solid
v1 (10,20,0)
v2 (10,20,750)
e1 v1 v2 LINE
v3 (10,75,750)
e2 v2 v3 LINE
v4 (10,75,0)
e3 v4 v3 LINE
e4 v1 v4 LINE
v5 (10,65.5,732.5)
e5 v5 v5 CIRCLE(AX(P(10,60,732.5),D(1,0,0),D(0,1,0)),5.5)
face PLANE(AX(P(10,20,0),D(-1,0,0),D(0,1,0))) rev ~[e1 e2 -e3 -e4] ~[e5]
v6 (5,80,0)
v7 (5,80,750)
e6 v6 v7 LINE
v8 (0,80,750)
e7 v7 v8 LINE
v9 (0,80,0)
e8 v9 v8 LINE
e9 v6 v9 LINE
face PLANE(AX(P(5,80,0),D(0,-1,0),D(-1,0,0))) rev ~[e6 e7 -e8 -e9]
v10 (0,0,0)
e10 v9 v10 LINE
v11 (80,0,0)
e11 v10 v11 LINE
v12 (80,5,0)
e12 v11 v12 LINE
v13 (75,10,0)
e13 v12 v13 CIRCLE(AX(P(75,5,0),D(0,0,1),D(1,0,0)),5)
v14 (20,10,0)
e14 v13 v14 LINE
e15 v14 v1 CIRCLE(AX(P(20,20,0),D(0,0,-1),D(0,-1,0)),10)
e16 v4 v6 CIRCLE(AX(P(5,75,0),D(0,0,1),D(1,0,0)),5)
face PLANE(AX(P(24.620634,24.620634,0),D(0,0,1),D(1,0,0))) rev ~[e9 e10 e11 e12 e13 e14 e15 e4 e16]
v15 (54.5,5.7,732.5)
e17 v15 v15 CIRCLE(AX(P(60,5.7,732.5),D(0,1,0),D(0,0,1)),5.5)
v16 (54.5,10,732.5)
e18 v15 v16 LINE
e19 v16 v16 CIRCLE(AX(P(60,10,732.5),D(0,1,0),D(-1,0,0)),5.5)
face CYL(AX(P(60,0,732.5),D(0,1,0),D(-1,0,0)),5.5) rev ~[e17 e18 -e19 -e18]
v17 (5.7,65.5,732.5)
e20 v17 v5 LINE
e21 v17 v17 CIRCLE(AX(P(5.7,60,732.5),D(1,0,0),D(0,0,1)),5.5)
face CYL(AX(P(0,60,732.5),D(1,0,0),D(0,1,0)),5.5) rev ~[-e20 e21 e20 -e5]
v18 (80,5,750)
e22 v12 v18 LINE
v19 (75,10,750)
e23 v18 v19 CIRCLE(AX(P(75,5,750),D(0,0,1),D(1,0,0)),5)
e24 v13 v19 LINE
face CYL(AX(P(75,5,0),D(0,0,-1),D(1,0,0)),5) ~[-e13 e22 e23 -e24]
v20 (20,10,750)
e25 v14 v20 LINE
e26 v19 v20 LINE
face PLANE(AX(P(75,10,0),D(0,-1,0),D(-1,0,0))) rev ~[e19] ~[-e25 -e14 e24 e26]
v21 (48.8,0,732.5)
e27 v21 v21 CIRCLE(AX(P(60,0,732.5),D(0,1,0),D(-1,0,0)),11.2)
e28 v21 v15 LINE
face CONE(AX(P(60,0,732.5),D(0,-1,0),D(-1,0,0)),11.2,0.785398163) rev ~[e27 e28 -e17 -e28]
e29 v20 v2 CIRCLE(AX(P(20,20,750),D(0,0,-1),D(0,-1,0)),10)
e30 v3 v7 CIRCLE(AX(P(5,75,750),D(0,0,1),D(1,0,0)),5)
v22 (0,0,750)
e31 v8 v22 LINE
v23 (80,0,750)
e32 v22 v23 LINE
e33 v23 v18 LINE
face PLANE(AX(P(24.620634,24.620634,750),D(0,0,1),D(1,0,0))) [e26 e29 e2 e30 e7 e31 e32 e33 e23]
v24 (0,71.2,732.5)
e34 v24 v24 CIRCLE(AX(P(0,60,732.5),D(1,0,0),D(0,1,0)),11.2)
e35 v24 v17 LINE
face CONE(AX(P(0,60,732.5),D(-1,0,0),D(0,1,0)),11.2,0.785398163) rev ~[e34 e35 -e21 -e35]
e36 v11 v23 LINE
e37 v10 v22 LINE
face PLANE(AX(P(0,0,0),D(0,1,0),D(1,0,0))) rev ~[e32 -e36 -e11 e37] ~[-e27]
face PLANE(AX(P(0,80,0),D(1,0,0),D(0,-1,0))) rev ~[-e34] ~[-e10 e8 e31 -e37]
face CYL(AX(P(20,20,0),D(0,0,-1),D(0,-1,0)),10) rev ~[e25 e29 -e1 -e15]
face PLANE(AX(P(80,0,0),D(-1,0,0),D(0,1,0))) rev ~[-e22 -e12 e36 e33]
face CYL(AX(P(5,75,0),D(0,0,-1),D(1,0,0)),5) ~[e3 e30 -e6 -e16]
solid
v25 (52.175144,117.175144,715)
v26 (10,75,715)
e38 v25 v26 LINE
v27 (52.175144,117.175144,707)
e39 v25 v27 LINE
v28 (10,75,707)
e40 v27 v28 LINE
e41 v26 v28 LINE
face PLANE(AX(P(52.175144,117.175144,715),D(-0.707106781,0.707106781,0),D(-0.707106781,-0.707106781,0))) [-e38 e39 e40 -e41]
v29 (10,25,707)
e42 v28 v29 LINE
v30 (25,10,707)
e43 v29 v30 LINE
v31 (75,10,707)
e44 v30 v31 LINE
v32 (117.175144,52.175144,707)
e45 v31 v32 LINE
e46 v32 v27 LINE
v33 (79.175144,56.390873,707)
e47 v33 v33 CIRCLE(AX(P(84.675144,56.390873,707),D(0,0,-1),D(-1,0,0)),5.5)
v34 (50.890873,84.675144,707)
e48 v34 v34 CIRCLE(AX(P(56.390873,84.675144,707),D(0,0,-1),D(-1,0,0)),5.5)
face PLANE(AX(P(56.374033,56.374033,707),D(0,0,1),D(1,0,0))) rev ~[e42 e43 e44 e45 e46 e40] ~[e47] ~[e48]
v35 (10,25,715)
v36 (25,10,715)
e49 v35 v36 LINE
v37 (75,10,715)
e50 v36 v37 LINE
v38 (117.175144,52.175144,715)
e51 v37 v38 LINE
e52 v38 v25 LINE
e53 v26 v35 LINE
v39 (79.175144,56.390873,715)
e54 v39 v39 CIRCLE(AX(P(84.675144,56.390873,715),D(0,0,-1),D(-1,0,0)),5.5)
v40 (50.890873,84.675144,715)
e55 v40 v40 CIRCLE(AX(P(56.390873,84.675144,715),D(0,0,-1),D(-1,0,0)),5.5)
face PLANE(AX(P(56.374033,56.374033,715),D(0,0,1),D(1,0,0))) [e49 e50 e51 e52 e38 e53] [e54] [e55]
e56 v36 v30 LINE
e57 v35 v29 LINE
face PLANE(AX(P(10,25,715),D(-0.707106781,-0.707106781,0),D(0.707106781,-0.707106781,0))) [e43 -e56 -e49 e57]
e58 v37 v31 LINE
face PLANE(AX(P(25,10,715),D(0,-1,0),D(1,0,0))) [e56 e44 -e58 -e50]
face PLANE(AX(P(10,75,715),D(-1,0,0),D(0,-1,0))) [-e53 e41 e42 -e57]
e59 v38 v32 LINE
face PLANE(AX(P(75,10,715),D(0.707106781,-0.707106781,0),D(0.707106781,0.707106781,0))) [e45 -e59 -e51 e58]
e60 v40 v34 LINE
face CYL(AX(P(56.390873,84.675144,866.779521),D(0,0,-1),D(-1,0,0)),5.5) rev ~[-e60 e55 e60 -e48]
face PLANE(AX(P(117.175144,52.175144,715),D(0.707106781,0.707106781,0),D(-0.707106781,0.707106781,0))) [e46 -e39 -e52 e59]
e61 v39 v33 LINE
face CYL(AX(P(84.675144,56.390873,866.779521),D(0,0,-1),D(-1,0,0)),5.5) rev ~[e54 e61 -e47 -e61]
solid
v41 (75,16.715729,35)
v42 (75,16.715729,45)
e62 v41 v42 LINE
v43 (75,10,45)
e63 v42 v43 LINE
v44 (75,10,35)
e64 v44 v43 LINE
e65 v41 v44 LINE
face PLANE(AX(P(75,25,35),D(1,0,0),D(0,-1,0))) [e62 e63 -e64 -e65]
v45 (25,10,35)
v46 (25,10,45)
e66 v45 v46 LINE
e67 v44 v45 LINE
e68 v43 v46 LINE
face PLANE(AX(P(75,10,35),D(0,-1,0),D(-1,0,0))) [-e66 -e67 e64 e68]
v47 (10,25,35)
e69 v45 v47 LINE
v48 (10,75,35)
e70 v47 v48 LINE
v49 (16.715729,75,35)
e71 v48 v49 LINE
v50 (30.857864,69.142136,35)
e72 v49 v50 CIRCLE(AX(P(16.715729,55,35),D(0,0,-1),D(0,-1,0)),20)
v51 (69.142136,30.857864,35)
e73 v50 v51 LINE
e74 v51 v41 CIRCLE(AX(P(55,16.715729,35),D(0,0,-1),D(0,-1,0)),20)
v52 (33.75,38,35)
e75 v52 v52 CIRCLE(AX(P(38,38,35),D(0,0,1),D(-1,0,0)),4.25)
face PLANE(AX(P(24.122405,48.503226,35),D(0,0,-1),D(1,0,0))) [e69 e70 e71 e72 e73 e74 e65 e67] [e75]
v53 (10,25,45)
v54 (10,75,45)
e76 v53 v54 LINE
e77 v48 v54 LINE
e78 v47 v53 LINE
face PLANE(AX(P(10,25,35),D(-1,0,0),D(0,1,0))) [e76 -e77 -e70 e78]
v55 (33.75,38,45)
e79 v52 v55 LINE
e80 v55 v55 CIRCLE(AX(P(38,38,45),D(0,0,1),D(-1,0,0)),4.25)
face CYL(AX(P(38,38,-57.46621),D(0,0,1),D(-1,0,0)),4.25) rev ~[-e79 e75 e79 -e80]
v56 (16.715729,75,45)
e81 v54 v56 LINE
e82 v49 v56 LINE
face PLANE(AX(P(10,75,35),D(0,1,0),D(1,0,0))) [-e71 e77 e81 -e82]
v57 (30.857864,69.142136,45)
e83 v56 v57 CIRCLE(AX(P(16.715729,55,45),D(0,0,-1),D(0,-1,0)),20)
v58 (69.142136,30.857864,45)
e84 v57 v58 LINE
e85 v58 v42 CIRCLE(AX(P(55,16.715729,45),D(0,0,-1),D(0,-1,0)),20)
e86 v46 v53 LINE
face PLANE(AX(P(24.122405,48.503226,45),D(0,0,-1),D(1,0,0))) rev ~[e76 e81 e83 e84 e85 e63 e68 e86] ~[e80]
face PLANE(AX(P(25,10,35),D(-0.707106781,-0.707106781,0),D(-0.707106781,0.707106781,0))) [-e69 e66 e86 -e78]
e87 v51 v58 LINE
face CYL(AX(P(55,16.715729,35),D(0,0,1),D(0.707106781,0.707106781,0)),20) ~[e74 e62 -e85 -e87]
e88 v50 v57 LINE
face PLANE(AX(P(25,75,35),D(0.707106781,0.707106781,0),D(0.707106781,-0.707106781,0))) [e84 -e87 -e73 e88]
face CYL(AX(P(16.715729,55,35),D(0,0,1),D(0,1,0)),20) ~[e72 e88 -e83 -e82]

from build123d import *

# Parameters (mm, degrees)
F4_DEPTH       = 750
F6_D           = 11
F6_CSINK_D     = 22.4
F6_CSINK_ANGLE = 90
F8_D           = 11
F8_CSINK_D     = 22.4
F8_CSINK_ANGLE = 90
F12_DEPTH      = 8
F14_DEPTH      = 10
F15_R          = 20
F16_D          = 8.5
F17_D          = 11


with BuildPart() as f4:
    # F3 (on Top) → F4 (new body)
    with BuildSketch(Plane.XY):
        with BuildLine():
            Line((5, 80), (0, 80))
            Line((0, 80), (0, 0))
            Line((0, 0), (80, 0))
            Line((80, 0), (80, 5))
            ThreePointArc((80, 5), (78.5355339059, 8.5355339059), (75, 10))
            Line((75, 10), (20, 10))
            ThreePointArc((20, 10), (12.9289321881, 12.9289321881), (10, 20))
            Line((10, 20), (10, 75))
            ThreePointArc((10, 75), (8.5355339059, 78.5355339059), (5, 80))
        make_face()
    extrude(amount=F4_DEPTH)

    # F6 (through all)
    with Locations(Plane.XZ):
        with Locations((60, 732.5)):
            CounterSinkHole(F6_D / 2, F6_CSINK_D / 2, counter_sink_angle=F6_CSINK_ANGLE)

    # F8 (through all)
    with Locations(Plane(origin=(0, 0, 0), x_dir=(0, -1, 0), z_dir=(-1, 0, 0))):
        with Locations((-60, 732.5)):
            CounterSinkHole(F8_D / 2, F8_CSINK_D / 2, counter_sink_angle=F8_CSINK_ANGLE)


with BuildPart() as f12:
    # F11 (on offset) → F12 (new body)
    with BuildSketch(Plane.XY.offset(715)):
        Polygon((52.1751442127, 117.1751442127), (10, 75), (10, 25), (25, 10), (75, 10), (117.1751442127, 52.1751442127), align=None)
    extrude(amount=-F12_DEPTH)

    # F17 (through all)
    with Locations(Plane.XY.offset(715)):
        with Locations((56.3908729653, 84.6751442127), (84.6751442127, 56.3908729653)):
            Hole(F17_D / 2)


with BuildPart() as f14:
    # F13 (on offset) → F14 (new body)
    with BuildSketch(Plane(origin=(0, 0, 35), x_dir=(1, 0, 0), z_dir=(0, 0, -1))):
        Polygon((10, -25), (10, -75), (25, -75), (50, -50), (17.5, -17.5), align=None)
        Polygon((25, -10), (17.5, -17.5), (50, -50), (75, -25), (75, -10), align=None)
    extrude(amount=-F14_DEPTH)

    # F15
    f15_edges = [f14.edges().sort_by_distance(p)[0] for p in [
        (25, 75, 40),
        (75, 25, 40),
    ]]
    fillet(f15_edges, radius=F15_R)

    # F16 (through all)
    with Locations(Plane(origin=(0, 0, 35), x_dir=(1, 0, 0), z_dir=(0, 0, -1))):
        with Locations((38, -38)):
            Hole(F16_D / 2)


solid = Compound([f4.part, f12.part, f14.part])
